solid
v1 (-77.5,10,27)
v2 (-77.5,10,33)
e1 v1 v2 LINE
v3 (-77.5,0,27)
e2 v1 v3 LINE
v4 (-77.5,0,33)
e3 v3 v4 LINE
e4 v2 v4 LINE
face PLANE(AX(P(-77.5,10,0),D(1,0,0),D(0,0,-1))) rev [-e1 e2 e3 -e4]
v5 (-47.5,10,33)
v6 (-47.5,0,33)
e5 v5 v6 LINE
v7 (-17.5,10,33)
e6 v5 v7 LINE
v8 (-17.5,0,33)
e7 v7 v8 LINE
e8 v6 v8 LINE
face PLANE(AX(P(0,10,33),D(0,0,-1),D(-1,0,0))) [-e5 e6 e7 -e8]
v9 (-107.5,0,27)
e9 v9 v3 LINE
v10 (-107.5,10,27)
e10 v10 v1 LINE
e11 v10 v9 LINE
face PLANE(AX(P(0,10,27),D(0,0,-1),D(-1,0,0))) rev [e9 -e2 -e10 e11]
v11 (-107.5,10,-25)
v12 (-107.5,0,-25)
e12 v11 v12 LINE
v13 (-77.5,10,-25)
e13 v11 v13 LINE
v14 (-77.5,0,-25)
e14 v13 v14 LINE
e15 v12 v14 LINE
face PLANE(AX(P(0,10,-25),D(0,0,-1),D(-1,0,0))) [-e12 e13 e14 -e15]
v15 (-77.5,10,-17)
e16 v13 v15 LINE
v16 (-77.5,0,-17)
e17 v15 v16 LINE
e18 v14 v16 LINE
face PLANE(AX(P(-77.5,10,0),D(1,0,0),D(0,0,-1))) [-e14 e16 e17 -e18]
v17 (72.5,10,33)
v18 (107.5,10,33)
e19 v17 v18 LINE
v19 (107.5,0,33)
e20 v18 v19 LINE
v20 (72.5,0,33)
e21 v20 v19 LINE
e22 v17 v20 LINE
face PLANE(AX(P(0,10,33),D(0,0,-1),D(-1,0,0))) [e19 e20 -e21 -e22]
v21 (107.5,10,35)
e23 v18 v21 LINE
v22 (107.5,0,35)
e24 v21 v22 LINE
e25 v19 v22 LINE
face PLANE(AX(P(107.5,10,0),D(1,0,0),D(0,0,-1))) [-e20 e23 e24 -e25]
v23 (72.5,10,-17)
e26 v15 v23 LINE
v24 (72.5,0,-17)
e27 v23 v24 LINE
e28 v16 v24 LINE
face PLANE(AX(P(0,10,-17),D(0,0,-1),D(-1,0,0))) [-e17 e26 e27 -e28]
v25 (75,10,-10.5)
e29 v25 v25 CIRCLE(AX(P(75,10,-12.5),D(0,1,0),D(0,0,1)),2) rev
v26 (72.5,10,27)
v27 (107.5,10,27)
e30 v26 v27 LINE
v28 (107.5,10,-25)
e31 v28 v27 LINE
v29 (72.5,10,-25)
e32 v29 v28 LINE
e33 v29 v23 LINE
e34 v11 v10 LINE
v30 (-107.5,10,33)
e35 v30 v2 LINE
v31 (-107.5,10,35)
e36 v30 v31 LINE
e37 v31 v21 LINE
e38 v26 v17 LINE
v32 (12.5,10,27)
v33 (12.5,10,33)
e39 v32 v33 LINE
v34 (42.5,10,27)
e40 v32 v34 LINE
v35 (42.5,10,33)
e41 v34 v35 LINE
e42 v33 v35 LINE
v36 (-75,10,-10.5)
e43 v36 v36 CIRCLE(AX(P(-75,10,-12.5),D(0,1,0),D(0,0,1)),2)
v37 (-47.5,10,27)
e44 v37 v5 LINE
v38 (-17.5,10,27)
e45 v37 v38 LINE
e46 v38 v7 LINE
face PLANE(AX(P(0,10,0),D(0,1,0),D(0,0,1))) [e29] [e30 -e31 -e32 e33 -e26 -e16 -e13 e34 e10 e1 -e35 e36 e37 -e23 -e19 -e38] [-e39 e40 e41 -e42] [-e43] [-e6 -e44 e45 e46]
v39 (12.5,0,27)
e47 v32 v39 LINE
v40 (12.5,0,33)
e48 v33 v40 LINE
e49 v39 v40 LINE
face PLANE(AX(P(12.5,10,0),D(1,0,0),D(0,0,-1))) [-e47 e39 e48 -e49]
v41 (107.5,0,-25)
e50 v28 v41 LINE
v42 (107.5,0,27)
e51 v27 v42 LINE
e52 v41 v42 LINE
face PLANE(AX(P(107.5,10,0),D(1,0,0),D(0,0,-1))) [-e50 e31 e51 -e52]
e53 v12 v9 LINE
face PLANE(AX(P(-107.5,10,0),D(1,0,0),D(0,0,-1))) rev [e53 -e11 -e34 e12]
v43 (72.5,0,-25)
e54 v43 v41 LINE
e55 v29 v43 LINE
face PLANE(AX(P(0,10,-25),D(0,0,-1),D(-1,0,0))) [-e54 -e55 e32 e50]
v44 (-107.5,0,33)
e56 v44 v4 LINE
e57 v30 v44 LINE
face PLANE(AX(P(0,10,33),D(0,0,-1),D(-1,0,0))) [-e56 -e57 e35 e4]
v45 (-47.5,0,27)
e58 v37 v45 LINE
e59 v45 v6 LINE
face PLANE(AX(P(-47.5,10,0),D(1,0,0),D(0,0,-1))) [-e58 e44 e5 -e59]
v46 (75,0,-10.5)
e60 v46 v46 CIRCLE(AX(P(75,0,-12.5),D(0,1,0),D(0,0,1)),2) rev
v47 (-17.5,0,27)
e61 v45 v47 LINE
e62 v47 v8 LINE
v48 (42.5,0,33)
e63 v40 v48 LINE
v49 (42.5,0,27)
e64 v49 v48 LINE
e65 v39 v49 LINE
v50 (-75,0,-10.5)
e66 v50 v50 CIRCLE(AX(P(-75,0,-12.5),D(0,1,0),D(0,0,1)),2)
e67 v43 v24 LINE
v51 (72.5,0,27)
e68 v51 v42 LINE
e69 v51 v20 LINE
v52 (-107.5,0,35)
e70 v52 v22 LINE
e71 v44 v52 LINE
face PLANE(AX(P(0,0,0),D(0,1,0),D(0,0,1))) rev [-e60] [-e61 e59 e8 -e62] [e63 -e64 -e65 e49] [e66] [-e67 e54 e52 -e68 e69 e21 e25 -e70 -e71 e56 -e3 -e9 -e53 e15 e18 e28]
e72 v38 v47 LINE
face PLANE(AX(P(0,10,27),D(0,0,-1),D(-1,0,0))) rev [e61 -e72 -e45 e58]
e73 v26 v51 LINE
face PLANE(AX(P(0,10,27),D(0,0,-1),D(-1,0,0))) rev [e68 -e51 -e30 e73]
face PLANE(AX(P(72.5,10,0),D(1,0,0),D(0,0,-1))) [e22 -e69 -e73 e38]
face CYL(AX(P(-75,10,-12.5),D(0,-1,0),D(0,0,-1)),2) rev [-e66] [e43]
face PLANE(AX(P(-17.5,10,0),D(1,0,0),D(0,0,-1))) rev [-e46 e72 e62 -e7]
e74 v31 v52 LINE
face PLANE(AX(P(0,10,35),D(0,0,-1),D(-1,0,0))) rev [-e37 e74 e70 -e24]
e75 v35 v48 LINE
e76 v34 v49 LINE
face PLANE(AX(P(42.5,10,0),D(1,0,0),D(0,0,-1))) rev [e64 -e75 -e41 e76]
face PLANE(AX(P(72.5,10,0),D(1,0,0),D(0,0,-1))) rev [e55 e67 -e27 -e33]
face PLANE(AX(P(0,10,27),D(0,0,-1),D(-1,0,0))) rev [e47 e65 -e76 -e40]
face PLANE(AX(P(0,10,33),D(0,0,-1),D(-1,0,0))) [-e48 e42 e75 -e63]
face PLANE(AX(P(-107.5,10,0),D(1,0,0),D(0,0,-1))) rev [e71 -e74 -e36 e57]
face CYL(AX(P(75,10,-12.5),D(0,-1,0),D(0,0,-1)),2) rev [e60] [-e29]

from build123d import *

# Parameters (mm, degrees)
SKETCH_1_W      = 30
SKETCH_1_H      = 6
SKETCH_1_R      = 2
EXTRUDE_1_DEPTH = 10


with BuildPart() as part:
    # Эскиз1 → Бобышка-Вытянуть1 (new body)
    with BuildSketch(Plane(origin=(0, 0, 0), x_dir=(1, 0, 0), z_dir=(0, 1, 0))):
        Polygon((-107.5, 25), (-107.5, -25), (-107.5, -27), (-77.5, -27), (-77.5, -33), (-107.5, -33), (-107.5, -35), (107.5, -35), (107.5, -33), (72.5, -33), (72.5, -27), (107.5, -27), (107.5, -25), (107.5, 25), (72.5, 25), (72.5, 17), (-77.5, 17), (-77.5, 25), align=None)
        with Locations((-32.5, -30)):
            Rectangle(SKETCH_1_W, SKETCH_1_H, mode=Mode.SUBTRACT)
        with Locations((27.5, -30)):
            Rectangle(SKETCH_1_W, SKETCH_1_H, mode=Mode.SUBTRACT)
        with Locations((-75, 12.5)):
            Circle(SKETCH_1_R, mode=Mode.SUBTRACT)
        with Locations((75, 12.5)):
            Circle(SKETCH_1_R, mode=Mode.SUBTRACT)
    extrude(amount=EXTRUDE_1_DEPTH)


solid = part.part
